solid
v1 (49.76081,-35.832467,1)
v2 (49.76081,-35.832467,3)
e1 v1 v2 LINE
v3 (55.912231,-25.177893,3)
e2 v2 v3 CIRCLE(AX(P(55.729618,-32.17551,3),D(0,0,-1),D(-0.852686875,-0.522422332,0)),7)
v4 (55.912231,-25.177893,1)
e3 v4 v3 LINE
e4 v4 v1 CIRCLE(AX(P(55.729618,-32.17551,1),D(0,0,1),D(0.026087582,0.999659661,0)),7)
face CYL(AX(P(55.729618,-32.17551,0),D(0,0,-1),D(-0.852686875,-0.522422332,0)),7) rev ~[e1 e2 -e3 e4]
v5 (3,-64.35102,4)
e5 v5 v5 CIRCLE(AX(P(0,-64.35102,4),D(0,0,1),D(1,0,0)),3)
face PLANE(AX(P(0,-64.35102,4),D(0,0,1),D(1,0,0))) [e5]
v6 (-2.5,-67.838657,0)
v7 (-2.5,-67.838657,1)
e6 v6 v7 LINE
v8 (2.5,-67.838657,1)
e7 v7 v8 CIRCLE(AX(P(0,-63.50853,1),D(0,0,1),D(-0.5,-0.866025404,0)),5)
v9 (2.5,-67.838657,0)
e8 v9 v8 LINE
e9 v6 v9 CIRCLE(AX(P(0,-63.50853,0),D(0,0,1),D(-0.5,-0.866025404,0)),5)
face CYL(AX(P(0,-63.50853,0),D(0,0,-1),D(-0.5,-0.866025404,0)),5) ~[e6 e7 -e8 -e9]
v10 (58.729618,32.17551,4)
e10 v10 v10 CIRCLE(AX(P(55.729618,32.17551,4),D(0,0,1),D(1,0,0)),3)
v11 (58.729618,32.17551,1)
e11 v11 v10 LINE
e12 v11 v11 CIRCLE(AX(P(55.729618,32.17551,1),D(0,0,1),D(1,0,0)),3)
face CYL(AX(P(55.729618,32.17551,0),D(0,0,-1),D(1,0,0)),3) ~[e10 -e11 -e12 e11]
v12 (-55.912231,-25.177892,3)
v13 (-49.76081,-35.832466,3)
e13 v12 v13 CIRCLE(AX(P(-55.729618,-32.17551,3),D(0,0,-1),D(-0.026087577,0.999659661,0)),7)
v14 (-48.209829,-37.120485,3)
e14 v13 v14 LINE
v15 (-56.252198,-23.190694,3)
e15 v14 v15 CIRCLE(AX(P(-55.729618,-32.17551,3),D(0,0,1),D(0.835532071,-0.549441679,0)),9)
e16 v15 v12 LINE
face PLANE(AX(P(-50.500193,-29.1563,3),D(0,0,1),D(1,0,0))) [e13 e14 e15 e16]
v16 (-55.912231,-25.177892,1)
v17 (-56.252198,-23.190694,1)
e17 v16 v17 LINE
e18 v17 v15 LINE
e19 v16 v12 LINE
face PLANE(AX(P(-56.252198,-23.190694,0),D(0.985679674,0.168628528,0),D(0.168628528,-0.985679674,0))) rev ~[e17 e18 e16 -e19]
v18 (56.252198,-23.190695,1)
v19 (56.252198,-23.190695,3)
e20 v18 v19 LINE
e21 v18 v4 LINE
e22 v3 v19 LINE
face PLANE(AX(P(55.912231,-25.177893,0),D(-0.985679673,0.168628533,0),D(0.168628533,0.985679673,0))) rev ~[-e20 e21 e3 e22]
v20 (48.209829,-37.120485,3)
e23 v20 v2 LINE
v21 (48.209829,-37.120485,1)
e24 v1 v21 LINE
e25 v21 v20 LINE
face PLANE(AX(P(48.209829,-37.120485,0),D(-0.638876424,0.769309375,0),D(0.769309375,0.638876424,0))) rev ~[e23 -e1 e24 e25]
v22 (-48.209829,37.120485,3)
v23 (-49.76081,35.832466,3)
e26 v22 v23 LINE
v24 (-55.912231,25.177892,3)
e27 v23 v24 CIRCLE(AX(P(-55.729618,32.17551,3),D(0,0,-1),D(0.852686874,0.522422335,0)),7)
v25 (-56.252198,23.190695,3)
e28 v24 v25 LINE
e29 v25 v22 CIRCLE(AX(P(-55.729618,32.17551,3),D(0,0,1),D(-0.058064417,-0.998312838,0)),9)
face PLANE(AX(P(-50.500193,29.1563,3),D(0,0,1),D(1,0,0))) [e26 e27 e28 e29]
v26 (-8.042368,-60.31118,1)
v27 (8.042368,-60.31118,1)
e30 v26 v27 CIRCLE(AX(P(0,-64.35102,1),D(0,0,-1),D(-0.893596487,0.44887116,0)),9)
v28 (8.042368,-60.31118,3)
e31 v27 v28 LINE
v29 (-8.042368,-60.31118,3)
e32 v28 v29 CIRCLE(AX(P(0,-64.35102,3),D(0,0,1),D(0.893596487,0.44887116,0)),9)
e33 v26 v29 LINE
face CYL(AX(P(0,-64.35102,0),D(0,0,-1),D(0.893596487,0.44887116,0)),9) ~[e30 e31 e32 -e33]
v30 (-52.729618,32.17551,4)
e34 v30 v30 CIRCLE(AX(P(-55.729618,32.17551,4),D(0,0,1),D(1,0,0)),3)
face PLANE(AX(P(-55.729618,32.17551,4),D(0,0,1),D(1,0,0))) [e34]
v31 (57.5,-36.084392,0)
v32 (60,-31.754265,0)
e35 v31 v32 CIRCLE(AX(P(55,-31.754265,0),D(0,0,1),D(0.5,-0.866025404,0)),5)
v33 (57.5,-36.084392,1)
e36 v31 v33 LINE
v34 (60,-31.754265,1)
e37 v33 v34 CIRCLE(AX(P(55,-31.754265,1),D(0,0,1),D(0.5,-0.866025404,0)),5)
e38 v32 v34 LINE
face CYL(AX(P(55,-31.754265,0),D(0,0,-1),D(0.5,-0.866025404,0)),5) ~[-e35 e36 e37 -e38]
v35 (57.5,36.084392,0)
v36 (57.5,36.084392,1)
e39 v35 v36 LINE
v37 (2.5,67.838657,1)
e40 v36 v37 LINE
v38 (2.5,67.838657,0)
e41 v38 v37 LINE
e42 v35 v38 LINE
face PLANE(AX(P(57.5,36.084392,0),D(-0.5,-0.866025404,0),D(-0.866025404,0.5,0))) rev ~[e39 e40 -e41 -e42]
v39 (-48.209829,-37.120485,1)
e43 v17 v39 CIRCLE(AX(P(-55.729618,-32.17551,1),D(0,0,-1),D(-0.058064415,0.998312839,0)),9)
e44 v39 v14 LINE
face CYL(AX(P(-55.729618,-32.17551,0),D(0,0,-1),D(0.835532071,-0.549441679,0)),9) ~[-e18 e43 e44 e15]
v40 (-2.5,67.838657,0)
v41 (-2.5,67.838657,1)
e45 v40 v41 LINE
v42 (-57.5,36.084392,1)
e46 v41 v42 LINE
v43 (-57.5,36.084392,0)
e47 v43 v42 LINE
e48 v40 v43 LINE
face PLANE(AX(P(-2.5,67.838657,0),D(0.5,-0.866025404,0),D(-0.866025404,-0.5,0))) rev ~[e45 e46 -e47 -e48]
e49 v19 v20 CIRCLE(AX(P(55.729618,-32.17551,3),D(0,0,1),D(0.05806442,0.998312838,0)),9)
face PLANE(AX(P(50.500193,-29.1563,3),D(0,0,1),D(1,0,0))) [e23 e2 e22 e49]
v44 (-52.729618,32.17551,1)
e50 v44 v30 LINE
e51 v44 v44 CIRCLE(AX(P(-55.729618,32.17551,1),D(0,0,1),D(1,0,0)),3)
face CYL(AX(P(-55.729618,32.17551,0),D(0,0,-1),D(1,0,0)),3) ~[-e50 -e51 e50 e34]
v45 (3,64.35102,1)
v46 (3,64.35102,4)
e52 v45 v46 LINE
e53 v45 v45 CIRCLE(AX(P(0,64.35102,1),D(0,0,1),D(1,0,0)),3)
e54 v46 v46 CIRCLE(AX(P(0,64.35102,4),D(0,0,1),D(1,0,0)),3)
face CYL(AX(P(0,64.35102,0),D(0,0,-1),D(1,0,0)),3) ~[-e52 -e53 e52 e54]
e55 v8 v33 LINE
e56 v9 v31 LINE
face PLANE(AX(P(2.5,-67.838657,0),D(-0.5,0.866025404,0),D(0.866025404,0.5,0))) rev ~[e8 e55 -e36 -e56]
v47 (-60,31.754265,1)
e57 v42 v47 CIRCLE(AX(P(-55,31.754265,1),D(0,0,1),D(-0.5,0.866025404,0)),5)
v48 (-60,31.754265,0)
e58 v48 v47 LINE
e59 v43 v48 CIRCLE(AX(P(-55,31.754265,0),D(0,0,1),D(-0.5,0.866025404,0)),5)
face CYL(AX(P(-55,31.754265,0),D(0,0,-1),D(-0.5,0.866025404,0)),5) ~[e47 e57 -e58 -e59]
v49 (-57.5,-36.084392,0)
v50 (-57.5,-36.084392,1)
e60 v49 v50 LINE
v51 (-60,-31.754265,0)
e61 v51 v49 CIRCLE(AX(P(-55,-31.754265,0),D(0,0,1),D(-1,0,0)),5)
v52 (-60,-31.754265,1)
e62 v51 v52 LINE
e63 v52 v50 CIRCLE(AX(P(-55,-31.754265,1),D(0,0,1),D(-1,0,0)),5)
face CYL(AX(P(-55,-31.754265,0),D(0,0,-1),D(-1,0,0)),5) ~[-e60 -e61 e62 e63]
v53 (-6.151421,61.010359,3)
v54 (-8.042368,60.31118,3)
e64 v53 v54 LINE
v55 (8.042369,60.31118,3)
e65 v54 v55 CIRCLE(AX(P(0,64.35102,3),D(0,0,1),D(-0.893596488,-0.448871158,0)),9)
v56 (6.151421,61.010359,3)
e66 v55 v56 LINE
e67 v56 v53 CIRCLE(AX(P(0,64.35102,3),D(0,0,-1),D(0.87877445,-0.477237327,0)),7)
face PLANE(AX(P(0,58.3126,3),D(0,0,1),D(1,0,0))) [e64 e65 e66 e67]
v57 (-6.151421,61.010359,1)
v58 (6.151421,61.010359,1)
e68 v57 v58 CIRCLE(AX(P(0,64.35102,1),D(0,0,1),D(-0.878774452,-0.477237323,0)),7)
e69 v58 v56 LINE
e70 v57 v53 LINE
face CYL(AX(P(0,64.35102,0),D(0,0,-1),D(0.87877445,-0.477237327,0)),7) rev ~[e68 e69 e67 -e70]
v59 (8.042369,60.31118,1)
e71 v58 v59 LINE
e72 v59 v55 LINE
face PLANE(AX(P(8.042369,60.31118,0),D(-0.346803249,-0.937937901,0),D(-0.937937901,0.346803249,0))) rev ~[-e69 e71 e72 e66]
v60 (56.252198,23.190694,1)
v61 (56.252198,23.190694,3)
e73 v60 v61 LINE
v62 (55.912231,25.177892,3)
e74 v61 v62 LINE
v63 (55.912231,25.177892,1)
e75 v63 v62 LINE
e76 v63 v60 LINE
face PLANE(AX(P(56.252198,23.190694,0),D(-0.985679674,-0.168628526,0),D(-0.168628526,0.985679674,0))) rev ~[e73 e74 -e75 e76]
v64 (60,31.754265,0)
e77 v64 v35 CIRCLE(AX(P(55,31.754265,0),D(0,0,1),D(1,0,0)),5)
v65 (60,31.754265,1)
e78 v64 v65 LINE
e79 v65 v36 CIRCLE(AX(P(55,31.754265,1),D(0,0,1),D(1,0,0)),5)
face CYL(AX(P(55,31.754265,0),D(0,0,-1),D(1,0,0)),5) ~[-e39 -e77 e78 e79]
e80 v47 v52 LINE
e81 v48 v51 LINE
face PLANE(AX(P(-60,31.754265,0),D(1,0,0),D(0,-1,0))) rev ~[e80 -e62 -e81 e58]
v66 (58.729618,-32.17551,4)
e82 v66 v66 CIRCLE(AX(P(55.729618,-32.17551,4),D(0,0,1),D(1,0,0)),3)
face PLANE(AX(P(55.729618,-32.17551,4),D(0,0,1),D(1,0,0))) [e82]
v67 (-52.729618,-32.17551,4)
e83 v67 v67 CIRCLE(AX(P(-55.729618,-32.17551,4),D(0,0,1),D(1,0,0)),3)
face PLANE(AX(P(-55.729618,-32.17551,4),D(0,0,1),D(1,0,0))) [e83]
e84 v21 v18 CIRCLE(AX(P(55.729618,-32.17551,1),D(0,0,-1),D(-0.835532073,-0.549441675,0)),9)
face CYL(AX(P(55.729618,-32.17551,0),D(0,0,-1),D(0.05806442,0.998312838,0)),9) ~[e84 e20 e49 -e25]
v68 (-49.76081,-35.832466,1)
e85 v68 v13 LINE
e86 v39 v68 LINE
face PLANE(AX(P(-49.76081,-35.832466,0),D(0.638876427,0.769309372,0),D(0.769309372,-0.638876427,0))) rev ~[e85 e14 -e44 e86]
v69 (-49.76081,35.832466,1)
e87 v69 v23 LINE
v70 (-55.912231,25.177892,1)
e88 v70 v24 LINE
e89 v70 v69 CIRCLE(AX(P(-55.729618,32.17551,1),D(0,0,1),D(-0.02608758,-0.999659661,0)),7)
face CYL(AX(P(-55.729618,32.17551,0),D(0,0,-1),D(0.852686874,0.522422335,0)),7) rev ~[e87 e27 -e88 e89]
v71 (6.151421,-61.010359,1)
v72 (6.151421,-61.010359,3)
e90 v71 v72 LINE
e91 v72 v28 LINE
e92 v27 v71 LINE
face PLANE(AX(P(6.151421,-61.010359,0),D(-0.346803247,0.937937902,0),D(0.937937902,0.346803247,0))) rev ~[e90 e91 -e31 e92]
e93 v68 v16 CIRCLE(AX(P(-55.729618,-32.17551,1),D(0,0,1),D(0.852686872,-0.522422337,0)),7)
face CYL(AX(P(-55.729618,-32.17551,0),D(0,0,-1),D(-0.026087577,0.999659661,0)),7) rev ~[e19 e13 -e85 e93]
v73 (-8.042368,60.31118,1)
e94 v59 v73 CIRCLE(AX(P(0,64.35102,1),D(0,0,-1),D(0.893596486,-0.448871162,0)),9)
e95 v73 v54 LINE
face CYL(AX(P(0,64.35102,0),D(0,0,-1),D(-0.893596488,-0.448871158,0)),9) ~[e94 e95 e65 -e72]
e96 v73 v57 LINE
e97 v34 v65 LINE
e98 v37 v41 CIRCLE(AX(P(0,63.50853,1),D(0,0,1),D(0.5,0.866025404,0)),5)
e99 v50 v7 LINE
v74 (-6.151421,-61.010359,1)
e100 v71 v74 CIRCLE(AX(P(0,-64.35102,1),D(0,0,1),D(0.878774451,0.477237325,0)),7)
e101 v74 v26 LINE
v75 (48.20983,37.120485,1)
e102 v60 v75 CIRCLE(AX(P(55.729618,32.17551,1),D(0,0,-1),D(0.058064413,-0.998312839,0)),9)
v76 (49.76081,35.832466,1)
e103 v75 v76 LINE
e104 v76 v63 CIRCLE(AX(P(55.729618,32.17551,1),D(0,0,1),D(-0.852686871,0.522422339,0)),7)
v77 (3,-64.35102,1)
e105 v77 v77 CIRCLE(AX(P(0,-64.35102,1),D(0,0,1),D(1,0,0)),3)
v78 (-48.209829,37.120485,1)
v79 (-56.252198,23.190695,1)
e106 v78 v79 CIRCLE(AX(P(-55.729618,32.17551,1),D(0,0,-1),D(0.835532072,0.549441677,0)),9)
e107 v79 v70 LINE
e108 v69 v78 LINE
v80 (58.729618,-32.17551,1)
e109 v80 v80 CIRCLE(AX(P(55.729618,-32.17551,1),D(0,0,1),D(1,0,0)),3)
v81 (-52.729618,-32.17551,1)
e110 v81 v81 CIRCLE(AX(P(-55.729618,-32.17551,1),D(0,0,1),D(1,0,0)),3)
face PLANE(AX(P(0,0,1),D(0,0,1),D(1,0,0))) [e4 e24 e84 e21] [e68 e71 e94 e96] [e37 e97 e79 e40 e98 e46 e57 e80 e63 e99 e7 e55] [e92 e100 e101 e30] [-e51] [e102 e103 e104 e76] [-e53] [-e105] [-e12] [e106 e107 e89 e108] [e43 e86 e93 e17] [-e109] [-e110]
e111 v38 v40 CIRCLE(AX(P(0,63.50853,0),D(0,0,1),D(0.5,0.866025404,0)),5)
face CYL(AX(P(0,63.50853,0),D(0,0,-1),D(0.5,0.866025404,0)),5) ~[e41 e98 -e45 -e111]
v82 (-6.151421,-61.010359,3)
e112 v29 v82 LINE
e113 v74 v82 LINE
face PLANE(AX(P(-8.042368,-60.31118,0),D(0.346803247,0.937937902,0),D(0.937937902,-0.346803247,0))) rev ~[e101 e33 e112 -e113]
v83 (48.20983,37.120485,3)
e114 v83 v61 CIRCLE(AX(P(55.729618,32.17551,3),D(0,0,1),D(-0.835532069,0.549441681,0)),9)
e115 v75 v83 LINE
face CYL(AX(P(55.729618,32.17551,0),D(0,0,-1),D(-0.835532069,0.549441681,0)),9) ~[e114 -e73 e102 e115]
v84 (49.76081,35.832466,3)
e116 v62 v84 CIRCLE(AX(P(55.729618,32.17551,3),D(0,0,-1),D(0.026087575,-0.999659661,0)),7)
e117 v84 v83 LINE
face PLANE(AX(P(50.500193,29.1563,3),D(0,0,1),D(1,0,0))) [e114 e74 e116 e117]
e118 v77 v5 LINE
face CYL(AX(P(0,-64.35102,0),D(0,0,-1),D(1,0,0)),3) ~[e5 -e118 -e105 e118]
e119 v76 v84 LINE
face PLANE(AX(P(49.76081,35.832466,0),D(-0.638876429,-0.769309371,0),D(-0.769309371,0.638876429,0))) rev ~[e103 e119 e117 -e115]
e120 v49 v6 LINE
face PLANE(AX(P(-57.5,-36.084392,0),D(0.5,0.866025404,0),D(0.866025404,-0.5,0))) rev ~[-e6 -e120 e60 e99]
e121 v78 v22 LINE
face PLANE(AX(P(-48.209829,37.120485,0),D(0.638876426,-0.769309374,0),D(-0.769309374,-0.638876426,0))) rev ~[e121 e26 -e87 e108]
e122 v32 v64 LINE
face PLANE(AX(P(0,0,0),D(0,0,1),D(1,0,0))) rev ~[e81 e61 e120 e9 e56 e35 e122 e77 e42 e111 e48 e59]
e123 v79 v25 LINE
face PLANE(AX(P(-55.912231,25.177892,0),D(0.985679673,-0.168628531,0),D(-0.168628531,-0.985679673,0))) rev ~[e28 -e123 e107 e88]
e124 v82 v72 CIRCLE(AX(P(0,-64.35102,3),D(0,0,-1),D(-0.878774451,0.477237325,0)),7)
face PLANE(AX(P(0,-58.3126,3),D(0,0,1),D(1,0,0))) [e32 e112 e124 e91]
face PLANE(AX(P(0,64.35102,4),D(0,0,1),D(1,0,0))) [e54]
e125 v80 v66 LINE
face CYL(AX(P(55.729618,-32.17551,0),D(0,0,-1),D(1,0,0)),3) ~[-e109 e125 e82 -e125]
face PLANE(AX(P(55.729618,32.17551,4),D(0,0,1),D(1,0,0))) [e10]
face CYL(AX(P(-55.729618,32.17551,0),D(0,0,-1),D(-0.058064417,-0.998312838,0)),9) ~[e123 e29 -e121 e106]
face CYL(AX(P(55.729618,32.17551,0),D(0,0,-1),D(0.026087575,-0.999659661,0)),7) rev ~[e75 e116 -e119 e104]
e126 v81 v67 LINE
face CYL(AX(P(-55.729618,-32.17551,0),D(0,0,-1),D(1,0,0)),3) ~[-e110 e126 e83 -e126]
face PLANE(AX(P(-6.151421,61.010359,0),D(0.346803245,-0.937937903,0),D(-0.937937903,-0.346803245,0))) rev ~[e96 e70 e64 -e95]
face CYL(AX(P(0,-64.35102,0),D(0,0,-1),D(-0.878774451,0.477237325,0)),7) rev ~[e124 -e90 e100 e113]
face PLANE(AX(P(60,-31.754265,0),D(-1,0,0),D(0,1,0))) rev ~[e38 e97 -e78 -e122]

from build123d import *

# Parameters (mm, degrees)
F0_R     = 3
F1_DEPTH = 1
F2_DEPTH = 3
F3_DEPTH = 4


with BuildPart() as f1:
    # F0 (on Top) → F1 (new body)
    with BuildSketch(Plane.XY):
        with BuildLine():
            Line((60, -31.7542648054), (60, 31.7542648054))
            ThreePointArc((60, 31.7542648054), (59.3301270189, 34.2542648054), (57.5, 36.0843918244))
            Line((57.5, 36.0843918244), (2.5, 67.8386566298))
            ThreePointArc((2.5, 67.8386566298), (0, 68.5085296109), (-2.5, 67.8386566298))
            Line((-2.5, 67.8386566298), (-57.5, 36.0843918244))
            ThreePointArc((-57.5, 36.0843918244), (-59.3301270189, 34.2542648054), (-60, 31.7542648054))
            Line((-60, 31.7542648054), (-60, -31.7542648054))
            ThreePointArc((-60, -31.7542648054), (-59.3301270189, -34.2542648054), (-57.5, -36.0843918244))
            Line((-57.5, -36.0843918244), (-2.5, -67.8386566298))
            ThreePointArc((-2.5, -67.8386566298), (0, -68.5085296109), (2.5, -67.8386566298))
            Line((2.5, -67.8386566298), (57.5, -36.0843918244))
            ThreePointArc((57.5, -36.0843918244), (59.3301270189, -34.2542648054), (60, -31.7542648054))
        make_face()
        with Locations((-55.7296181053, -32.1755099552)):
            Circle(F0_R, mode=Mode.SUBTRACT)
        with BuildLine():
            Line((-48.2098294683, -37.1204850669), (-49.760809999, -35.8324663113))
            ThreePointArc((-49.760809999, -35.8324663113), (-49.667440276, -28.6755099601), (-55.9122311458, -25.1778923265))
            Line((-55.9122311458, -25.1778923265), (-56.2521978402, -23.1906944078))
            ThreePointArc((-56.2521978402, -23.1906944078), (-47.9353894676, -27.6755099615), (-48.2098294683, -37.1204850669))
        make_face(mode=Mode.SUBTRACT)
        with Locations((0, -64.35102)):
            Circle(F0_R, mode=Mode.SUBTRACT)
        with BuildLine():
            Line((8.042368383, -60.3111795587), (6.1514211554, -61.0103587227))
            ThreePointArc((6.1514211554, -61.0103587227), (0, -57.35102), (-6.1514211554, -61.0103587227))
            Line((-6.1514211554, -61.0103587227), (-8.042368383, -60.3111795587))
            ThreePointArc((-8.042368383, -60.3111795587), (0, -55.35102), (8.042368383, -60.3111795587))
        make_face(mode=Mode.SUBTRACT)
        with BuildLine():
            Line((56.2521977284, -23.190694679), (55.9122310244, -25.1778925961))
            ThreePointArc((55.9122310244, -25.1778925961), (49.6674401378, -28.6755101995), (49.7608098263, -35.8324665512))
            Line((49.7608098263, -35.8324665512), (48.2098292894, -37.1204852993))
            ThreePointArc((48.2098292894, -37.1204852993), (47.9353893342, -27.6755101926), (56.2521977284, -23.190694679))
        make_face(mode=Mode.SUBTRACT)
        with Locations((55.7296179502, -32.1755102239)):
            Circle(F0_R, mode=Mode.SUBTRACT)
        with Locations((-55.7296180277, 32.1755100895)):
            Circle(F0_R, mode=Mode.SUBTRACT)
        with BuildLine():
            Line((-56.2521977843, 23.1906945434), (-55.9122310851, 25.1778924613))
            ThreePointArc((-55.9122310851, 25.1778924613), (-49.6674402069, 28.6755100798), (-49.7608099126, 35.8324664312))
            Line((-49.7608099126, 35.8324664312), (-48.2098293788, 37.1204851831))
            ThreePointArc((-48.2098293788, 37.1204851831), (-47.9353894009, 27.675510077), (-56.2521977843, 23.1906945434))
        make_face(mode=Mode.SUBTRACT)
        with BuildLine():
            Line((48.2098295578, 37.1204849507), (49.7608100854, 35.8324661914))
            ThreePointArc((49.7608100854, 35.8324661914), (49.6674403451, 28.6755098404), (55.9122312065, 25.1778921918))
            Line((55.9122312065, 25.1778921918), (56.2521978961, 23.1906942723))
            ThreePointArc((56.2521978961, 23.1906942723), (47.9353895343, 27.675509846), (48.2098295578, 37.1204849507))
        make_face(mode=Mode.SUBTRACT)
        with Locations((55.7296181828, 32.1755098209)):
            Circle(F0_R, mode=Mode.SUBTRACT)
        with BuildLine():
            Line((-8.0423682377, 60.311179578), (-6.1514210083, 61.0103587375))
            ThreePointArc((-6.1514210083, 61.0103587375), (1.382e-07, 57.35102), (6.1514213024, 61.0103587079))
            Line((6.1514213024, 61.0103587079), (8.0423685284, 60.3111795393))
            ThreePointArc((8.0423685284, 60.3111795393), (1.334e-07, 55.35102), (-8.0423682377, 60.311179578))
        make_face(mode=Mode.SUBTRACT)
        with Locations((1.551e-07, 64.35102)):
            Circle(F0_R, mode=Mode.SUBTRACT)
    extrude(amount=F1_DEPTH)

    # F0 (on Top) → F2 (join)
    with BuildSketch(Plane.XY):
        with BuildLine():
            ThreePointArc((-6.1514211554, -61.0103587227), (0, -57.35102), (6.1514211554, -61.0103587227))
            Line((6.1514211554, -61.0103587227), (8.042368383, -60.3111795587))
            ThreePointArc((8.042368383, -60.3111795587), (0, -55.35102), (-8.042368383, -60.3111795587))
            Line((-8.042368383, -60.3111795587), (-6.1514211554, -61.0103587227))
        make_face()
        with BuildLine():
            ThreePointArc((-55.9122311458, -25.1778923265), (-49.667440276, -28.6755099601), (-49.760809999, -35.8324663113))
            Line((-49.760809999, -35.8324663113), (-48.2098294683, -37.1204850669))
            ThreePointArc((-48.2098294683, -37.1204850669), (-47.9353894676, -27.6755099615), (-56.2521978402, -23.1906944078))
            Line((-56.2521978402, -23.1906944078), (-55.9122311458, -25.1778923265))
        make_face()
        with BuildLine():
            ThreePointArc((49.7608098263, -35.8324665512), (49.6674401378, -28.6755101995), (55.9122310244, -25.1778925961))
            Line((55.9122310244, -25.1778925961), (56.2521977284, -23.190694679))
            ThreePointArc((56.2521977284, -23.190694679), (47.9353893342, -27.6755101926), (48.2098292894, -37.1204852993))
            Line((48.2098292894, -37.1204852993), (49.7608098263, -35.8324665512))
        make_face()
        with BuildLine():
            ThreePointArc((-49.7608099126, 35.8324664312), (-49.6674402069, 28.6755100798), (-55.9122310851, 25.1778924613))
            Line((-55.9122310851, 25.1778924613), (-56.2521977843, 23.1906945434))
            ThreePointArc((-56.2521977843, 23.1906945434), (-47.9353894009, 27.675510077), (-48.2098293788, 37.1204851831))
            Line((-48.2098293788, 37.1204851831), (-49.7608099126, 35.8324664312))
        make_face()
        with BuildLine():
            ThreePointArc((6.1514213024, 61.0103587079), (1.382e-07, 57.35102), (-6.1514210083, 61.0103587375))
            Line((-6.1514210083, 61.0103587375), (-8.0423682377, 60.311179578))
            ThreePointArc((-8.0423682377, 60.311179578), (1.334e-07, 55.35102), (8.0423685284, 60.3111795393))
            Line((8.0423685284, 60.3111795393), (6.1514213024, 61.0103587079))
        make_face()
        with BuildLine():
            ThreePointArc((55.9122312065, 25.1778921918), (49.6674403451, 28.6755098404), (49.7608100854, 35.8324661914))
            Line((49.7608100854, 35.8324661914), (48.2098295578, 37.1204849507))
            ThreePointArc((48.2098295578, 37.1204849507), (47.9353895343, 27.675509846), (56.2521978961, 23.1906942723))
            Line((56.2521978961, 23.1906942723), (55.9122312065, 25.1778921918))
        make_face()
    extrude(amount=F2_DEPTH)

    # F0 (on Top) → F3 (join)
    with BuildSketch(Plane.XY):
        with Locations((-55.7296181053, -32.1755099552)):
            Circle(F0_R)
        with Locations((0, -64.35102)):
            Circle(F0_R)
        with Locations((55.7296179502, -32.1755102239)):
            Circle(F0_R)
        with Locations((55.7296181828, 32.1755098209)):
            Circle(F0_R)
        with Locations((1.551e-07, 64.35102)):
            Circle(F0_R)
        with Locations((-55.7296180277, 32.1755100895)):
            Circle(F0_R)
    extrude(amount=F3_DEPTH)


solid = f1.part
